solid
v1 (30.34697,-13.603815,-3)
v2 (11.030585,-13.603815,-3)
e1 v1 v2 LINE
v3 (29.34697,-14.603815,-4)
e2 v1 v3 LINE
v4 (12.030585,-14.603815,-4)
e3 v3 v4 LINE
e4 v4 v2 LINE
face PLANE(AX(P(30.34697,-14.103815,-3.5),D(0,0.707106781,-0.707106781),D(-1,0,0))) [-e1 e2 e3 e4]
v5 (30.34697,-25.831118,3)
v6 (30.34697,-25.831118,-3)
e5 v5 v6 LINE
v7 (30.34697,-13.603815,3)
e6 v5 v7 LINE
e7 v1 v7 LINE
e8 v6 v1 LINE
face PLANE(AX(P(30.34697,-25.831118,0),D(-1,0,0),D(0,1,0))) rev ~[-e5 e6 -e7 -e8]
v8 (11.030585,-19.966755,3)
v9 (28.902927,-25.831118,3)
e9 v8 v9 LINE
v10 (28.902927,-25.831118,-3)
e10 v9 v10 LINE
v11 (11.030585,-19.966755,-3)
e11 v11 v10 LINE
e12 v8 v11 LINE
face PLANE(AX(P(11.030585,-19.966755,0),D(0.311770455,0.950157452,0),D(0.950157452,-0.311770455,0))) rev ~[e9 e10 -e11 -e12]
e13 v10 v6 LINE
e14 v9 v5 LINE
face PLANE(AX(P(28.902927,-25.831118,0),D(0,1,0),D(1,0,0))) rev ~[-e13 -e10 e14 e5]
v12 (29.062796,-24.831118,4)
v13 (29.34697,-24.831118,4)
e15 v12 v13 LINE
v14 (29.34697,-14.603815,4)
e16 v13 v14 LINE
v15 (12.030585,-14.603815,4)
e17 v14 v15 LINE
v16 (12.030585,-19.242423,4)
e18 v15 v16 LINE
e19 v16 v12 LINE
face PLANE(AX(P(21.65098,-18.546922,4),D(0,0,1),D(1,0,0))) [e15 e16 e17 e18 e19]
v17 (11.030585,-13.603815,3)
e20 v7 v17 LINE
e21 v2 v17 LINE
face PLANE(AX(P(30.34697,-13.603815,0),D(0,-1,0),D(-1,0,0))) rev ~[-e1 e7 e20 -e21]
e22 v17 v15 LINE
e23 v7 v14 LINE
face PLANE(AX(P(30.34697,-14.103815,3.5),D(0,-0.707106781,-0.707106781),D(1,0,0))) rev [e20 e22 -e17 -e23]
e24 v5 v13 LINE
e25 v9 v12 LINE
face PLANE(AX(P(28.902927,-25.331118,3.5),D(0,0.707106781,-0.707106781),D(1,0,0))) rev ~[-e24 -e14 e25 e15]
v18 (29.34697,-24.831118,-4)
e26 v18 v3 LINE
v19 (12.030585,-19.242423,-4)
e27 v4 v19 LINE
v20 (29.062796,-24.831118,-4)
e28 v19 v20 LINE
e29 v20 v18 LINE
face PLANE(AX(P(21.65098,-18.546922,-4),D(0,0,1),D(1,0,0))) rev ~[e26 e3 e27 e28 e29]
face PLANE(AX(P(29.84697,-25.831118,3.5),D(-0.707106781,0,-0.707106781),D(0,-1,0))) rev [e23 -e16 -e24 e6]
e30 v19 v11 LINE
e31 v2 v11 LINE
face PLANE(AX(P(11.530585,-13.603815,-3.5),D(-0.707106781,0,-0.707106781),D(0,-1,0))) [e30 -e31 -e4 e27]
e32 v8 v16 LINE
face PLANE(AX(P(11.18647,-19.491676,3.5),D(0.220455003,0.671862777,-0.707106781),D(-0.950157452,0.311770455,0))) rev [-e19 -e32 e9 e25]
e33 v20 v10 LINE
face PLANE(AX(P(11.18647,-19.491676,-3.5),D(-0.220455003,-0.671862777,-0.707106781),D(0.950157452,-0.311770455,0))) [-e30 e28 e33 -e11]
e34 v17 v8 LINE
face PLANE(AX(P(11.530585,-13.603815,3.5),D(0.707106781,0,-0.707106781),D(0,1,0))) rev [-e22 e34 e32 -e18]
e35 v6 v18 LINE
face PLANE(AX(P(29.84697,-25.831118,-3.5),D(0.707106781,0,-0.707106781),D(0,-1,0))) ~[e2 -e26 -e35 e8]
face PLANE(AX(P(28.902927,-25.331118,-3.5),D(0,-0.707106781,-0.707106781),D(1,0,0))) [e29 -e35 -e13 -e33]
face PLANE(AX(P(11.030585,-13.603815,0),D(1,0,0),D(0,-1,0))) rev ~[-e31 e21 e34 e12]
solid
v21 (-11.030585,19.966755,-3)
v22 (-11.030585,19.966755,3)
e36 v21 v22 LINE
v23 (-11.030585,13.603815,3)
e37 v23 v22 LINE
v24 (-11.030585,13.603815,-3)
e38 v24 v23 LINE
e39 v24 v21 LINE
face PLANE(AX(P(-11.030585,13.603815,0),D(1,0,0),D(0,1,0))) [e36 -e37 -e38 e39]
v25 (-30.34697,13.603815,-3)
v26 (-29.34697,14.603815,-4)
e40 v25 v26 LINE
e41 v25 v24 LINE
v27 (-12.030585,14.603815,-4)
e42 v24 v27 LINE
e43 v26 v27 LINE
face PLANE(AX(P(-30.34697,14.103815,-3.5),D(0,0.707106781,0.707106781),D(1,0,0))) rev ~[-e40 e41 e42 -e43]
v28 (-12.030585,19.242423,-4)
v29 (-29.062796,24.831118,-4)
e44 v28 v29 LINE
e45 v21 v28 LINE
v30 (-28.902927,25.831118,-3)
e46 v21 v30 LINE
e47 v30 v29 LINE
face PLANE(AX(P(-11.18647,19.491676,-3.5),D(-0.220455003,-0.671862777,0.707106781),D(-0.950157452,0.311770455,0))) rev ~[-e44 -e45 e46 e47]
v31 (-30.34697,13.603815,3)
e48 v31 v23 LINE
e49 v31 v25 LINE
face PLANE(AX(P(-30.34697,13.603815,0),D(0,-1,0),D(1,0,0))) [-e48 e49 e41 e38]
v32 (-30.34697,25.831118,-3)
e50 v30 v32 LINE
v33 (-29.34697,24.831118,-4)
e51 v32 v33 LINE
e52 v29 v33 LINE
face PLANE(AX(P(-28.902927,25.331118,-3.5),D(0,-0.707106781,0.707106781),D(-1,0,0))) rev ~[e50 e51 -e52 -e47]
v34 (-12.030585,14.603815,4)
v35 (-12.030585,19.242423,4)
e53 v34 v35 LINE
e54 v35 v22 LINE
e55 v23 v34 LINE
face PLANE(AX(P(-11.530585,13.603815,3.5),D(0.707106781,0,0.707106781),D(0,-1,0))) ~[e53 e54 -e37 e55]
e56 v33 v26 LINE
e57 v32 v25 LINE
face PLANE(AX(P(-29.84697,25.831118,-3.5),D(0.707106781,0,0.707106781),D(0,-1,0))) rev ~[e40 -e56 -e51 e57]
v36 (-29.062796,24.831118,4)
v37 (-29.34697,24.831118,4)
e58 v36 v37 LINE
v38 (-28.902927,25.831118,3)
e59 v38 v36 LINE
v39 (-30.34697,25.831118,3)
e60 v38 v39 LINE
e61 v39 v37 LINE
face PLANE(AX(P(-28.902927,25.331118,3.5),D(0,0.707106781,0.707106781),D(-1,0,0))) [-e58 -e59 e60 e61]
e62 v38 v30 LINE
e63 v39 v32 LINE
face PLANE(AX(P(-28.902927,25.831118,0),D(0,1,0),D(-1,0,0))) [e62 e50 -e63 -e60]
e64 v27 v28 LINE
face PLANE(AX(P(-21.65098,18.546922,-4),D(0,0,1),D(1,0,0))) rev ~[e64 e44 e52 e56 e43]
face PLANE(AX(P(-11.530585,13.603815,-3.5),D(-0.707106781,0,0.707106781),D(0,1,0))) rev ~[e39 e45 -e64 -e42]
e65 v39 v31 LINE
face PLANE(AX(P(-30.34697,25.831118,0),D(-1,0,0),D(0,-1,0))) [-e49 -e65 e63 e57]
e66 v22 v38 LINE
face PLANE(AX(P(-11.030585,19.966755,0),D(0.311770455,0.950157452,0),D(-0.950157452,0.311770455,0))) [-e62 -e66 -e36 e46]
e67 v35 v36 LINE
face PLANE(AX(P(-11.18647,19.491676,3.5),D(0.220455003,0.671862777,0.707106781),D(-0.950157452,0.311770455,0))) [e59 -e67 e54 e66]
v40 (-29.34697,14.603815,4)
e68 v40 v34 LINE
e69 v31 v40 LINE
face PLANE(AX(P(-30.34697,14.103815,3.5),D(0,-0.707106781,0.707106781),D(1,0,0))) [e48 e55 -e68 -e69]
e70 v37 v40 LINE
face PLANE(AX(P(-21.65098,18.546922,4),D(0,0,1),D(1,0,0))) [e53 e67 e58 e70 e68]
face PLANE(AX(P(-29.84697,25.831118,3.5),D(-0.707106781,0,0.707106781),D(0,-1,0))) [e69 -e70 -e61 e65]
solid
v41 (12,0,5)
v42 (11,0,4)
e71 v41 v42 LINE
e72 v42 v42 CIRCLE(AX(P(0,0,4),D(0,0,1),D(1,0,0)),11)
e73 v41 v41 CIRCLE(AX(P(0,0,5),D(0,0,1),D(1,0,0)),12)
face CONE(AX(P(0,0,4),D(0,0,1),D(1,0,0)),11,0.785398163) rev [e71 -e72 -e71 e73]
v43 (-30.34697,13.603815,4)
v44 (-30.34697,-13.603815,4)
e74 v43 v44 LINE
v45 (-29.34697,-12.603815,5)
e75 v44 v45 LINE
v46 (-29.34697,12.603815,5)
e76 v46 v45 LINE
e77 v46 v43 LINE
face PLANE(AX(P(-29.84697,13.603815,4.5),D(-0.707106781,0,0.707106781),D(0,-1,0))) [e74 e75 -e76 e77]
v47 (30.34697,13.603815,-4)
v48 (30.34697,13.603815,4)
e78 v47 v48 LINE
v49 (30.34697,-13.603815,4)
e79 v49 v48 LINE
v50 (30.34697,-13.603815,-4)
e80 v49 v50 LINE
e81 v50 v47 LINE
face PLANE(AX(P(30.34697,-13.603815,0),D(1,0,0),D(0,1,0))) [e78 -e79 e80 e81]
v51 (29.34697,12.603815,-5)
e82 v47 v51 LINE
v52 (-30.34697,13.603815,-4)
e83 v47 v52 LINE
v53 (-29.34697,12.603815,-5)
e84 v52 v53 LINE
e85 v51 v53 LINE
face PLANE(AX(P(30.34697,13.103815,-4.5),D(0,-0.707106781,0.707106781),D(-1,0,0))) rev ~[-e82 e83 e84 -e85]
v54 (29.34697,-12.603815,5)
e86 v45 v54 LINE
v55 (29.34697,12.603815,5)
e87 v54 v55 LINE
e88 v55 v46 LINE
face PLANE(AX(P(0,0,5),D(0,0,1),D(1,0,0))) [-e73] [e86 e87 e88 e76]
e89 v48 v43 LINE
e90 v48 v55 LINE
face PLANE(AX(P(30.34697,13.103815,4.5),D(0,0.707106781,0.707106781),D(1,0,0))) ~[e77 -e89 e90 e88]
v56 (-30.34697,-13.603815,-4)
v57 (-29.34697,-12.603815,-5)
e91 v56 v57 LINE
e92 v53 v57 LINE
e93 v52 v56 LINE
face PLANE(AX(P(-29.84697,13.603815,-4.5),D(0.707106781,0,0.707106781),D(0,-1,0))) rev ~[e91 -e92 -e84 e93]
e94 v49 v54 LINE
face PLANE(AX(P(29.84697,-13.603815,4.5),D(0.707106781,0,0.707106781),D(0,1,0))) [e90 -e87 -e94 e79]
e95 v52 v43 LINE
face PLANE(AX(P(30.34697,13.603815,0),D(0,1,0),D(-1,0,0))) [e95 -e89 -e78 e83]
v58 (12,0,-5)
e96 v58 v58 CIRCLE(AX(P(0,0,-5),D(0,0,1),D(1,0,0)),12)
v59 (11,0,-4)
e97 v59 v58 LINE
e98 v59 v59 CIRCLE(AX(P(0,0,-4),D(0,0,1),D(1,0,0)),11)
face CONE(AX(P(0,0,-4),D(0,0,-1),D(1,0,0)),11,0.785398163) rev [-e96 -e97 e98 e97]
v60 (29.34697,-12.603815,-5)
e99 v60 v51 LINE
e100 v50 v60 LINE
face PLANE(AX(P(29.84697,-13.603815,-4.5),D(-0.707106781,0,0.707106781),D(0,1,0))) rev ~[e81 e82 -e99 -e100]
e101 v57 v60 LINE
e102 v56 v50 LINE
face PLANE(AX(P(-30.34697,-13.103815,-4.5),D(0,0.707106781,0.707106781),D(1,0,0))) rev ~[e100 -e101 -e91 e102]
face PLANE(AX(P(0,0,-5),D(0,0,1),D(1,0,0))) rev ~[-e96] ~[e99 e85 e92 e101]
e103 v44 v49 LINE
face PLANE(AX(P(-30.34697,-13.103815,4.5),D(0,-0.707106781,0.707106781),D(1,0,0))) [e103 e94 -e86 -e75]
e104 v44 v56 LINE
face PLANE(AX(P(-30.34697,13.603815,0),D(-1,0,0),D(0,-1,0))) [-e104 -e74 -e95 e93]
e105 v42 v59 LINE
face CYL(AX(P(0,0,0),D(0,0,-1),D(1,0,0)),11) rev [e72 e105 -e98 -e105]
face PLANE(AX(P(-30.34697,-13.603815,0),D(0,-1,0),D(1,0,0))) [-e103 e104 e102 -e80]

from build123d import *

# Parameters (mm, degrees)
F1_DEPTH  = 4
F0_R      = 11
F2_DEPTH  = 5
F3_SIZE   = 1
F3_2_SIZE = 1


with BuildPart() as f1:
    # F0 (on Top) → F1 (new body, symmetric)
    with BuildSketch(Plane.XY):
        Polygon((30.34697, -25.831118), (30.34697, -13.603815), (11.030585, -13.603815), (11.030585, -19.966755), (28.902927, -25.831118), align=None)
        Polygon((-30.34697, 13.603815), (-11.030585, 13.603815), (-11.030585, 19.966755), (-28.902927, 25.831118), (-30.34697, 25.831118), align=None)
    extrude(amount=F1_DEPTH, both=True)

    # F3#2
    f3_2_edges = [f1.edges().sort_by_distance(p)[0] for p in [
        (30.34697, -19.717466, -4),
        (20.688777, -13.603815, -4),
        (11.030585, -16.785285, -4),
        (19.966756, -22.898937, -4),
        (29.624949, -25.831118, -4),
        (-20.688777, 13.603815, -4),
        (-11.030585, 16.785285, -4),
        (-19.966756, 22.898937, -4),
        (-29.624949, 25.831118, -4),
        (-30.34697, 19.717466, -4),
        (-20.688777, 13.603815, 4),
        (-11.030585, 16.785285, 4),
        (-19.966756, 22.898937, 4),
        (-29.624949, 25.831118, 4),
        (-30.34697, 19.717466, 4),
        (30.34697, -19.717466, 4),
        (20.688777, -13.603815, 4),
        (11.030585, -16.785285, 4),
        (19.966756, -22.898937, 4),
        (29.624949, -25.831118, 4),
    ]]
    chamfer(f3_2_edges, length=F3_2_SIZE)


with BuildPart() as f2:
    # F0 (on Top) → F2 (new body, symmetric)
    with BuildSketch(Plane.XY):
        Polygon((11.030585, -13.603815), (30.34697, -13.603815), (30.34697, 13.603815), (-11.030585, 13.603815), (-30.34697, 13.603815), (-30.34697, -13.603815), align=None)
        Circle(F0_R, mode=Mode.SUBTRACT)
    extrude(amount=F2_DEPTH, both=True)

    # F3
    f3_edges = [f2.edges().sort_by_distance(p)[0] for p in [
        (0, -13.603815, 5),
        (30.34697, 0, 5),
        (0, 13.603815, 5),
        (-30.34697, 0, 5),
        (-11, 0, 5),
        (0, -13.603815, -5),
        (30.34697, 0, -5),
        (0, 13.603815, -5),
        (-30.34697, 0, -5),
        (-11, 0, -5),
    ]]
    chamfer(f3_edges, length=F3_SIZE)


solid = Compound([f1.part, f2.part])
